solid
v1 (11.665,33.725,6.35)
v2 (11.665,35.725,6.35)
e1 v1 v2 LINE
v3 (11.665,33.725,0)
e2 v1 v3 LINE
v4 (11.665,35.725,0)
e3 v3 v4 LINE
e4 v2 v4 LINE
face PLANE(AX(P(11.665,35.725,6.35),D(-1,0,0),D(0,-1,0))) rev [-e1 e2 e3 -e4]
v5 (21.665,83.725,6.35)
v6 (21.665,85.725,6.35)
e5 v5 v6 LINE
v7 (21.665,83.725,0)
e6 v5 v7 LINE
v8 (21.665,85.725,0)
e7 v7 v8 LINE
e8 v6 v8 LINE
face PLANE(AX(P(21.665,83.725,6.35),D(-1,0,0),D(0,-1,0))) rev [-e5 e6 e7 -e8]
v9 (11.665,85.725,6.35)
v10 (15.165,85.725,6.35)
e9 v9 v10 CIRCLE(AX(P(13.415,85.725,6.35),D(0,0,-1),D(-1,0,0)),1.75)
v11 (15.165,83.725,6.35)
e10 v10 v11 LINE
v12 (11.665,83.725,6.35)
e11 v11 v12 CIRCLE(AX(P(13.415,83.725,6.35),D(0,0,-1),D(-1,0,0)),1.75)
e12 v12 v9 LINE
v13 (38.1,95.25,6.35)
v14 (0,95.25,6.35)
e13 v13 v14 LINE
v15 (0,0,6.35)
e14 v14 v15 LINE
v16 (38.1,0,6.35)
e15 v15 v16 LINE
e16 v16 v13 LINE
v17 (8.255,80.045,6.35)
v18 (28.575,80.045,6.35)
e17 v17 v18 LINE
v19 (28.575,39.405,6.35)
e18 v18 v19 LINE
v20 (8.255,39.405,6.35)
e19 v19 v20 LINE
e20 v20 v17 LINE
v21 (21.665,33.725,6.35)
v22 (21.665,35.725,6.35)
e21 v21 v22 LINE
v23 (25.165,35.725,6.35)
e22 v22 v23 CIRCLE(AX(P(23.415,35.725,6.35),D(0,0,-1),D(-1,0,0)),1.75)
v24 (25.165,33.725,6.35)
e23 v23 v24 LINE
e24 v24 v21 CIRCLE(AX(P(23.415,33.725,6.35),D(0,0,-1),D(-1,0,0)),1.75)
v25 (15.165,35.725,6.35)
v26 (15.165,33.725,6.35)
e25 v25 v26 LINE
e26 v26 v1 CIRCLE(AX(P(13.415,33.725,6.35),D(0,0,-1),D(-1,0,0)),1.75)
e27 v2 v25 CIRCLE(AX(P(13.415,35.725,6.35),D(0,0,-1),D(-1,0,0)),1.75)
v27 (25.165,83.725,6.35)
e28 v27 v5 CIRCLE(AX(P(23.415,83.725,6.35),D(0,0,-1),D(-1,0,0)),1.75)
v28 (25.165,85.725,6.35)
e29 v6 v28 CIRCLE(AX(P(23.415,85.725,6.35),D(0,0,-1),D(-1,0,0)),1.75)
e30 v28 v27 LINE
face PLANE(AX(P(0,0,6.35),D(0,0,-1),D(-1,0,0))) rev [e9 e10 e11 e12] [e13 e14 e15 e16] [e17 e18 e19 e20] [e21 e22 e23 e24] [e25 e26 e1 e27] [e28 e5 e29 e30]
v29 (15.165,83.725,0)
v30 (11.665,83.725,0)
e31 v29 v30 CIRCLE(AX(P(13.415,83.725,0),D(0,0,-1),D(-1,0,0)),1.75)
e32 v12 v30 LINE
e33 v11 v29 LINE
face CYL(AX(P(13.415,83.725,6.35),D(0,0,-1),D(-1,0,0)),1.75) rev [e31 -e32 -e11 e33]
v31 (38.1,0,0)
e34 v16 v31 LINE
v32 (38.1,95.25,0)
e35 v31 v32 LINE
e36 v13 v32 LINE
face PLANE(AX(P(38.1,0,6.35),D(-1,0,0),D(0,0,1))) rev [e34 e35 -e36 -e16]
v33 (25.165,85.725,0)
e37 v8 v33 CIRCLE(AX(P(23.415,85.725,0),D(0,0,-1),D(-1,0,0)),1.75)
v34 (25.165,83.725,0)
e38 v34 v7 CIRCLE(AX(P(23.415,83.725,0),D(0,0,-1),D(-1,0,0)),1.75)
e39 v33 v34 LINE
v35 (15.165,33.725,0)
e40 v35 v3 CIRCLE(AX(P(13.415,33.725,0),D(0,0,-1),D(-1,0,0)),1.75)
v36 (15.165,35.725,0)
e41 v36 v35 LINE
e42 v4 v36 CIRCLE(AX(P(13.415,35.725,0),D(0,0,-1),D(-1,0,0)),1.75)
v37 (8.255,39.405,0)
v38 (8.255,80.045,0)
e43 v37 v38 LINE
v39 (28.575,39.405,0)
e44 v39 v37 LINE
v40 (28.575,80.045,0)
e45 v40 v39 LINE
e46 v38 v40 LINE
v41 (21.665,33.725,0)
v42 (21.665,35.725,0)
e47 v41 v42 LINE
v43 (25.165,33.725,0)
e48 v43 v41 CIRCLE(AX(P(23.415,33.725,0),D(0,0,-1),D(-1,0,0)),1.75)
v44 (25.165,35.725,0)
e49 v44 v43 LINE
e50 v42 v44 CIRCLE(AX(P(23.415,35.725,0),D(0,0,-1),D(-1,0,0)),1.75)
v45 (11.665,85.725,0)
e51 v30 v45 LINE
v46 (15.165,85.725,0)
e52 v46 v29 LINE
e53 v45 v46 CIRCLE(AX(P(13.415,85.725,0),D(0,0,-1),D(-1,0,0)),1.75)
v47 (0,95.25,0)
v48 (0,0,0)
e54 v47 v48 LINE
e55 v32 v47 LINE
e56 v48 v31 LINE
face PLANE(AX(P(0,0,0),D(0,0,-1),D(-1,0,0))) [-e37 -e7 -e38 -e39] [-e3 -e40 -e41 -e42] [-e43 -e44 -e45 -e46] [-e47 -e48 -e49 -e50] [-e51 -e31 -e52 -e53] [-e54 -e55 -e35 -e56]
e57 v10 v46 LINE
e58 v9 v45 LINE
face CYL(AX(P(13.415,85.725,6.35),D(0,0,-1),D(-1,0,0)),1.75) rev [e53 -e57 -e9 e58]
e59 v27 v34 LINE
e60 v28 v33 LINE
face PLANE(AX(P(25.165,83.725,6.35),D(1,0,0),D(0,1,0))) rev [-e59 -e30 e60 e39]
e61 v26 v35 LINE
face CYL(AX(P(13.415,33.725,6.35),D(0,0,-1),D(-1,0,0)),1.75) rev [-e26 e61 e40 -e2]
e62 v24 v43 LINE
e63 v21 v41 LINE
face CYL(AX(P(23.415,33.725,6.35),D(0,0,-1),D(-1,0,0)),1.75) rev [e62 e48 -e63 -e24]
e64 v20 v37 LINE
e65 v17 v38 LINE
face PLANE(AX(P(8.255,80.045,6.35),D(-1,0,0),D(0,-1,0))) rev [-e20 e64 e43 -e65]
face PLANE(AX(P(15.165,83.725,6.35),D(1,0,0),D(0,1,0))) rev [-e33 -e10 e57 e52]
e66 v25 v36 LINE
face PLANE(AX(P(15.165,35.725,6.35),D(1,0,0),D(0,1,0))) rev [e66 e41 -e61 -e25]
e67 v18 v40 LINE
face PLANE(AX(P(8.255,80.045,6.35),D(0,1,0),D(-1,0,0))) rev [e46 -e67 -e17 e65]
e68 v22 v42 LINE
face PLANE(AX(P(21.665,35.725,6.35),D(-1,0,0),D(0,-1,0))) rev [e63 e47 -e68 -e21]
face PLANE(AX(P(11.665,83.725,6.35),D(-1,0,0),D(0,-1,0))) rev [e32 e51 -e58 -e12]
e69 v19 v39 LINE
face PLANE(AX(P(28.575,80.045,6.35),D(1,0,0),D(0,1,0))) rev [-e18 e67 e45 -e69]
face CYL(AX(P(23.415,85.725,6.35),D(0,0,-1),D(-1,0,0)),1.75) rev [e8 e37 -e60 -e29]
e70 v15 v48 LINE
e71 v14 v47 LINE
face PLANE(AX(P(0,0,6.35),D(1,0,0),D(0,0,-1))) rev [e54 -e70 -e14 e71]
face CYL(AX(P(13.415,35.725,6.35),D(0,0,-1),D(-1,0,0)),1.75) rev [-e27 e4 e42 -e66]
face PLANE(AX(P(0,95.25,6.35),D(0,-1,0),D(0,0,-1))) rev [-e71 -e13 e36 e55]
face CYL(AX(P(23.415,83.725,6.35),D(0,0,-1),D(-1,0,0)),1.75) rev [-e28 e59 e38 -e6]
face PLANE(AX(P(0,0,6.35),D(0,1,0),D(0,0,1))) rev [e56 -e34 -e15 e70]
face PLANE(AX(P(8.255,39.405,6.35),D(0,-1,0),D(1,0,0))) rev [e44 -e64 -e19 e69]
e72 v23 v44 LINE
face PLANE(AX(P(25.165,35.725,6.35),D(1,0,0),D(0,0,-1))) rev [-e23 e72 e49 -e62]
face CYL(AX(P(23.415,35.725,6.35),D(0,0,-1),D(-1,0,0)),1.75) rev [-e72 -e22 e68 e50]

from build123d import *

# Parameters (mm, degrees)
SKETCH1_W           = 38.1
SKETCH1_H           = 95.25
BOSS_EXTRUDE1_DEPTH = 6.35
SKETCH2_W           = 20.32
SKETCH2_H           = 40.64
CUT_EXTRUDE1_DEPTH  = 6.35


with BuildPart() as part:
    # Sketch1 → Boss-Extrude1 (new body)
    with BuildSketch(Plane.XY):
        with Locations((19.05, 47.625)):
            Rectangle(SKETCH1_W, SKETCH1_H)
    extrude(amount=BOSS_EXTRUDE1_DEPTH)

    # Sketch2 → Cut-Extrude1 (cut)
    with BuildSketch(Plane(origin=(0, 0, 0), x_dir=(-1, 0, 0), z_dir=(0, 0, -1))):
        with Locations((-18.415, 59.725)):
            Rectangle(SKETCH2_W, SKETCH2_H)
        with BuildLine():
            Line((-25.165, 83.725), (-25.165, 85.725))
            ThreePointArc((-25.165, 85.725), (-23.415, 87.475), (-21.665, 85.725))
            Line((-21.665, 85.725), (-21.665, 83.725))
            ThreePointArc((-21.665, 83.725), (-23.415, 81.975), (-25.165, 83.725))
        make_face()
        with BuildLine():
            Line((-15.165, 83.725), (-15.165, 85.725))
            ThreePointArc((-15.165, 85.725), (-13.415, 87.475), (-11.665, 85.725))
            Line((-11.665, 85.725), (-11.665, 83.725))
            ThreePointArc((-11.665, 83.725), (-13.415, 81.975), (-15.165, 83.725))
        make_face()
        with BuildLine():
            Line((-21.665, 35.725), (-21.665, 33.725))
            ThreePointArc((-21.665, 33.725), (-23.415, 31.975), (-25.165, 33.725))
            Line((-25.165, 33.725), (-25.165, 35.725))
            ThreePointArc((-25.165, 35.725), (-23.415, 37.475), (-21.665, 35.725))
        make_face()
        with BuildLine():
            Line((-11.665, 35.725), (-11.665, 33.725))
            ThreePointArc((-11.665, 33.725), (-13.415, 31.975), (-15.165, 33.725))
            Line((-15.165, 33.725), (-15.165, 35.725))
            ThreePointArc((-15.165, 35.725), (-13.415, 37.475), (-11.665, 35.725))
        make_face()
    extrude(amount=-CUT_EXTRUDE1_DEPTH, mode=Mode.SUBTRACT)


solid = part.part
